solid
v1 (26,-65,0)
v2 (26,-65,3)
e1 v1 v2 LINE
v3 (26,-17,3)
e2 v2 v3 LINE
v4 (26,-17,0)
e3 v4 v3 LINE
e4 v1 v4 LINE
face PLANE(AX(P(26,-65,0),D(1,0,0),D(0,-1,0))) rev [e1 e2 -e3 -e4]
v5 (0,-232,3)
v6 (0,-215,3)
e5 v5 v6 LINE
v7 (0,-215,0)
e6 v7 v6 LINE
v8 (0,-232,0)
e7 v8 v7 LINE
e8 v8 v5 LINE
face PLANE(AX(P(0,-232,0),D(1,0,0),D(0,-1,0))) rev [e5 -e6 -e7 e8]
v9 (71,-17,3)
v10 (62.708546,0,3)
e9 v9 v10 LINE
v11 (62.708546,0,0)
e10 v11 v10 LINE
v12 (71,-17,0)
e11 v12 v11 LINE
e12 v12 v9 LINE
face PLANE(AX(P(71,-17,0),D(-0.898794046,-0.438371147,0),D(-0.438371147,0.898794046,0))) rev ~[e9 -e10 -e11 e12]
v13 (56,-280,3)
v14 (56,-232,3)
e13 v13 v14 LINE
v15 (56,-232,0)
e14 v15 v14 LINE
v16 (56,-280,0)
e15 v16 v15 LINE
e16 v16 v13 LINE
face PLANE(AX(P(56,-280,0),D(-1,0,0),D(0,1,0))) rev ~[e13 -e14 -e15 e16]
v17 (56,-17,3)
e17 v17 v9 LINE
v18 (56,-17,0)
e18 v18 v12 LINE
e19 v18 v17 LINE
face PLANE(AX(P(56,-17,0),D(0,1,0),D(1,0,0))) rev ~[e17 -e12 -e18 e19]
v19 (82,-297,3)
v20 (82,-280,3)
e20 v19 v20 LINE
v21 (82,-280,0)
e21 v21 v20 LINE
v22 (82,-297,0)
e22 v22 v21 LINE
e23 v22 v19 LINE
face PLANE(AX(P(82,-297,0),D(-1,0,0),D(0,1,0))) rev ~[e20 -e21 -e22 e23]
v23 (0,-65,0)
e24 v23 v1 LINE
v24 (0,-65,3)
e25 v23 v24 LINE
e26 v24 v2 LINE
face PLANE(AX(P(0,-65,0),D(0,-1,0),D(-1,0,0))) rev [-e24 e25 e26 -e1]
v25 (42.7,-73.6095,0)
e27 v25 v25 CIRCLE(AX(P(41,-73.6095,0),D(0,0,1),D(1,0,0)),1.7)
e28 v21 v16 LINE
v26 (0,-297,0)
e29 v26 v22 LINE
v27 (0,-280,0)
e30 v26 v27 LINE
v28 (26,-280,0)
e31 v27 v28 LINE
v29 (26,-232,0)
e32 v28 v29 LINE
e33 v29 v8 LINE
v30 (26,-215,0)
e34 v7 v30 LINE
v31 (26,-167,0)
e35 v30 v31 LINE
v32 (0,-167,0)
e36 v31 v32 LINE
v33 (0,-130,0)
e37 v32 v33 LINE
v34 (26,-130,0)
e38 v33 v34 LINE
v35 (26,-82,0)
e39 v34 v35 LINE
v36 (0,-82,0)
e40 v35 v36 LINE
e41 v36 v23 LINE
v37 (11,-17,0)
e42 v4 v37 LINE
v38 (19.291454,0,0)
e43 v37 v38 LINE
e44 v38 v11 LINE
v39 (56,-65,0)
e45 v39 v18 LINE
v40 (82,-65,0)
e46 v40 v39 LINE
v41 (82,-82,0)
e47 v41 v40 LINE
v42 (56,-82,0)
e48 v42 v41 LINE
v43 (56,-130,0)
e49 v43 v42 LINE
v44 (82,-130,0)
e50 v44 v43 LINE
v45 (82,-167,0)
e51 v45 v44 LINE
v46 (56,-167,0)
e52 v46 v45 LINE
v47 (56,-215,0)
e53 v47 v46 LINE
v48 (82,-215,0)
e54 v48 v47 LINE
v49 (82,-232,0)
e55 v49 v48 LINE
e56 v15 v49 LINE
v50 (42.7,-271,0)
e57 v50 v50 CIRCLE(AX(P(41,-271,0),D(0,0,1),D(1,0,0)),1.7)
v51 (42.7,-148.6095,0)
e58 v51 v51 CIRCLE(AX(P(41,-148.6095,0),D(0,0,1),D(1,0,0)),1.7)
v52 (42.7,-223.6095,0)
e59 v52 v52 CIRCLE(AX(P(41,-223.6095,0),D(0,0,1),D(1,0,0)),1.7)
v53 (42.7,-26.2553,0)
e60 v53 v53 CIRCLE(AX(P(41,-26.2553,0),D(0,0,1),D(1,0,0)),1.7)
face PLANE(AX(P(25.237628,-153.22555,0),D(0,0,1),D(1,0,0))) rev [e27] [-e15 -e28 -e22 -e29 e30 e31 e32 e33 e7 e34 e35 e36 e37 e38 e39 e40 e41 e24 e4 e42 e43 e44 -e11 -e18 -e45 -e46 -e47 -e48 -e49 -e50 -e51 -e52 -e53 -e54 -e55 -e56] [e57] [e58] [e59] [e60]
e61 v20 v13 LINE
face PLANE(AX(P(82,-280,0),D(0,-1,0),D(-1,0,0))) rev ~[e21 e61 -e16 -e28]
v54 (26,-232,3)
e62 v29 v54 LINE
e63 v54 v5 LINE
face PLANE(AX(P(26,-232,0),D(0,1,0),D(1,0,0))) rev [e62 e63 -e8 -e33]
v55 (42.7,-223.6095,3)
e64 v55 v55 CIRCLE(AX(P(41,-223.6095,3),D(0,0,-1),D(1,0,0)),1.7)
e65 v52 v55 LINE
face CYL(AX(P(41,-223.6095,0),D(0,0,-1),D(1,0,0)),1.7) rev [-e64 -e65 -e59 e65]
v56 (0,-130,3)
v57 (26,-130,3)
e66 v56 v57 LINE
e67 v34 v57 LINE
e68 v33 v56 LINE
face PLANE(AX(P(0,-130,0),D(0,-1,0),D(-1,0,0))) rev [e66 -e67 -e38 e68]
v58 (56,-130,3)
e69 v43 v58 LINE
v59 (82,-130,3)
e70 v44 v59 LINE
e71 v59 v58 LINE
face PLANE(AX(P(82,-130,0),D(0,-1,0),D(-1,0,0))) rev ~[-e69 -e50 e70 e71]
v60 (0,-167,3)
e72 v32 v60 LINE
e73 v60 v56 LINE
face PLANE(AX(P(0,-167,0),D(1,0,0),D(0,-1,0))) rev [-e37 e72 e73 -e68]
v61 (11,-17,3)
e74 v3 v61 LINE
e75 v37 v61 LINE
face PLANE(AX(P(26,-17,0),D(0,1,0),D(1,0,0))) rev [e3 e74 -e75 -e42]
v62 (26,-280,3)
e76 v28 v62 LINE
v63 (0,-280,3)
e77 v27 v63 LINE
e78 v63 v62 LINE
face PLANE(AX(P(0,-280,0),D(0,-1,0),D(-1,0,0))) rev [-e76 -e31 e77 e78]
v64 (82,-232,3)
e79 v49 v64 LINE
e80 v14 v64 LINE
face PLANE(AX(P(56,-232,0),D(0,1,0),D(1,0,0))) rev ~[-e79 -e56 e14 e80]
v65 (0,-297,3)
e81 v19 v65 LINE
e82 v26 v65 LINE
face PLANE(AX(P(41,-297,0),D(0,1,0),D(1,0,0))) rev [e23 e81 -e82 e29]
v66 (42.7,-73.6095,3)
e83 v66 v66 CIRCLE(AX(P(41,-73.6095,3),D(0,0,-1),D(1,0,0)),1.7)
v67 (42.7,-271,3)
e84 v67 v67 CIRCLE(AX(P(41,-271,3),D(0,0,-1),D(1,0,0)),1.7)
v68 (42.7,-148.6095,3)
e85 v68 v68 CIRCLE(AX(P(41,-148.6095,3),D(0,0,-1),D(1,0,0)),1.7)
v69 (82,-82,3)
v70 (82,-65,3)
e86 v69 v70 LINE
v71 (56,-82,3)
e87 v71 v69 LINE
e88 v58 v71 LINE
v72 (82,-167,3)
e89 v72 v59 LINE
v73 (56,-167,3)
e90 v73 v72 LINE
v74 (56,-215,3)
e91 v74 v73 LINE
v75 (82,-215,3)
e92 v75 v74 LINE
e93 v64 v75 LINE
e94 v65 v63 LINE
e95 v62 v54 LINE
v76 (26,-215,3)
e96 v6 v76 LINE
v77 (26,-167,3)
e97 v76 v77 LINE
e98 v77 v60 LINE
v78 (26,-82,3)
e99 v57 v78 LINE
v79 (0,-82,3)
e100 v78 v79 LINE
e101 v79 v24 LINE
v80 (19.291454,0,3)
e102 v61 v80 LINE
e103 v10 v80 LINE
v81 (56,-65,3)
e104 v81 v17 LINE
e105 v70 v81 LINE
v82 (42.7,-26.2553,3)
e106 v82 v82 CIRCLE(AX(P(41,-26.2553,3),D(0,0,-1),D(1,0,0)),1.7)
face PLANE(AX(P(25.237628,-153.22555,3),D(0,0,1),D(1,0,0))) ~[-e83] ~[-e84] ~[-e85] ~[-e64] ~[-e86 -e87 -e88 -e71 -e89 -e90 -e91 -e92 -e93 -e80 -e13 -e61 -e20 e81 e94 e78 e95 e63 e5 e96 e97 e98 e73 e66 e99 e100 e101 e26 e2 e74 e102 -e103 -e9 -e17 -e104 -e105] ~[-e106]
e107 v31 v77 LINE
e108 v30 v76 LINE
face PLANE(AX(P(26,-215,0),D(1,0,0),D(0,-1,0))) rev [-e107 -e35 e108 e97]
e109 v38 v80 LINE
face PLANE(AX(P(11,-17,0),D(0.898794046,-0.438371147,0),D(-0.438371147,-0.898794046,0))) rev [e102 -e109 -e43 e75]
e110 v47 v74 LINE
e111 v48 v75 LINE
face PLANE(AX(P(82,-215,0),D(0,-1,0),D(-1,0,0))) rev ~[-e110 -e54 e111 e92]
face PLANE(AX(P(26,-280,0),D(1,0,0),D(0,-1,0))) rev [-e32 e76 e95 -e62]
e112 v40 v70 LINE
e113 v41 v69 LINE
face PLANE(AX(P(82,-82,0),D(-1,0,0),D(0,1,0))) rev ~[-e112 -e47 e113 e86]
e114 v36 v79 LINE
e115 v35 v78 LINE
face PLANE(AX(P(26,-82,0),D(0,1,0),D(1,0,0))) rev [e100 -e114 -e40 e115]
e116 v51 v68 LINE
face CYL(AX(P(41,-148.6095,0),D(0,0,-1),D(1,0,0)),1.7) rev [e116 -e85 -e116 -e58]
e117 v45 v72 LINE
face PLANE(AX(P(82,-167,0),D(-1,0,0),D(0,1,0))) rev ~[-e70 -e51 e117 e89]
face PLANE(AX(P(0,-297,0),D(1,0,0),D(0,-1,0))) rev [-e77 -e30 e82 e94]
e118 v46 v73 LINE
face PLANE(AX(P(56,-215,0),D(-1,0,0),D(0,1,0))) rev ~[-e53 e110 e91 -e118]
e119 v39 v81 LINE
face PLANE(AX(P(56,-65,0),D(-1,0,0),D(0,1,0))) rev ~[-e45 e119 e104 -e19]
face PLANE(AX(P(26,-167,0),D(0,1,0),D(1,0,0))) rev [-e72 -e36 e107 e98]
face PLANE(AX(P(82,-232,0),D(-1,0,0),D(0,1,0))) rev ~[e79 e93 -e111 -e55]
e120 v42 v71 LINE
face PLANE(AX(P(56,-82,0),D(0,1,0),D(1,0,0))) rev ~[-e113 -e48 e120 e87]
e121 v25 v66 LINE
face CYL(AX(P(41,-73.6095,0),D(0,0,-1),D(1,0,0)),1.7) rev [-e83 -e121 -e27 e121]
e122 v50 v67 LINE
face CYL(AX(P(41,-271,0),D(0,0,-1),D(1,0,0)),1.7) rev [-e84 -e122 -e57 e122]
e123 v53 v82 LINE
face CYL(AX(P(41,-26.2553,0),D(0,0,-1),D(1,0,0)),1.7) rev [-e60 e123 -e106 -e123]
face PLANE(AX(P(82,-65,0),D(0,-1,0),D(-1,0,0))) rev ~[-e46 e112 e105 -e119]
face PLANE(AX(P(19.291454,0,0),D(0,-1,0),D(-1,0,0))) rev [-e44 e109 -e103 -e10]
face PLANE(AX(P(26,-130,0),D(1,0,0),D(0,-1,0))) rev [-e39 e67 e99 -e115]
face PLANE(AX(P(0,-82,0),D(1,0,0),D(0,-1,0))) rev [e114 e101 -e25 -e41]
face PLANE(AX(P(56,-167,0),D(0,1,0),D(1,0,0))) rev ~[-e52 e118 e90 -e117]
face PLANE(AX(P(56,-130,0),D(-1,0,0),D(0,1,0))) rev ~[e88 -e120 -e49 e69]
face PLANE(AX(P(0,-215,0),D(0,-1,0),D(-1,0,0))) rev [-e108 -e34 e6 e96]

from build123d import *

# Parameters (mm, degrees)
PAD_DEPTH         = 3
SKETCH001_R       = 1.7
POCKET_DEPTH      = 0.001
POCKET_DEPTH_BACK = 3.001


with BuildPart() as part:
    # Sketch → Pad (new body)
    with BuildSketch(Plane.XY):
        Polygon((0, 33), (41, 33), (41, 50), (15, 50), (15, 98), (41, 98), (41, 115), (15, 115), (15, 163), (41, 163), (41, 200), (15, 200), (15, 248), (41, 248), (41, 265), (15, 265), (15, 313), (30, 313), (21.708546, 330), (0, 330), align=None)
    pad = extrude(amount=PAD_DEPTH)

    # Mirrored: Pad across Sketch V_Axis
    add(pad.mirror(Plane(origin=(0, 0, 0), x_dir=(0, 0, 1), z_dir=(1, 0, 0))))

    # Sketch001 → Pocket (cut, two sides)
    with BuildSketch(Plane.XY) as pocket_sk:
        with Locations((0, 59)):
            Circle(SKETCH001_R)
        with Locations((0, 106.3905)):
            Circle(SKETCH001_R)
        with Locations((0, 181.3905)):
            Circle(SKETCH001_R)
        with Locations((0, 256.3905)):
            Circle(SKETCH001_R)
        with Locations((0, 303.7447)):
            Circle(SKETCH001_R)
    extrude(amount=-POCKET_DEPTH, mode=Mode.SUBTRACT)
    extrude(pocket_sk.sketch, amount=POCKET_DEPTH_BACK, mode=Mode.SUBTRACT)


with BuildPart() as part_1:
    # Clone063 placement: moved
    add(part.part.moved(Location((41, -330, 0))))


solid = part_1.part
